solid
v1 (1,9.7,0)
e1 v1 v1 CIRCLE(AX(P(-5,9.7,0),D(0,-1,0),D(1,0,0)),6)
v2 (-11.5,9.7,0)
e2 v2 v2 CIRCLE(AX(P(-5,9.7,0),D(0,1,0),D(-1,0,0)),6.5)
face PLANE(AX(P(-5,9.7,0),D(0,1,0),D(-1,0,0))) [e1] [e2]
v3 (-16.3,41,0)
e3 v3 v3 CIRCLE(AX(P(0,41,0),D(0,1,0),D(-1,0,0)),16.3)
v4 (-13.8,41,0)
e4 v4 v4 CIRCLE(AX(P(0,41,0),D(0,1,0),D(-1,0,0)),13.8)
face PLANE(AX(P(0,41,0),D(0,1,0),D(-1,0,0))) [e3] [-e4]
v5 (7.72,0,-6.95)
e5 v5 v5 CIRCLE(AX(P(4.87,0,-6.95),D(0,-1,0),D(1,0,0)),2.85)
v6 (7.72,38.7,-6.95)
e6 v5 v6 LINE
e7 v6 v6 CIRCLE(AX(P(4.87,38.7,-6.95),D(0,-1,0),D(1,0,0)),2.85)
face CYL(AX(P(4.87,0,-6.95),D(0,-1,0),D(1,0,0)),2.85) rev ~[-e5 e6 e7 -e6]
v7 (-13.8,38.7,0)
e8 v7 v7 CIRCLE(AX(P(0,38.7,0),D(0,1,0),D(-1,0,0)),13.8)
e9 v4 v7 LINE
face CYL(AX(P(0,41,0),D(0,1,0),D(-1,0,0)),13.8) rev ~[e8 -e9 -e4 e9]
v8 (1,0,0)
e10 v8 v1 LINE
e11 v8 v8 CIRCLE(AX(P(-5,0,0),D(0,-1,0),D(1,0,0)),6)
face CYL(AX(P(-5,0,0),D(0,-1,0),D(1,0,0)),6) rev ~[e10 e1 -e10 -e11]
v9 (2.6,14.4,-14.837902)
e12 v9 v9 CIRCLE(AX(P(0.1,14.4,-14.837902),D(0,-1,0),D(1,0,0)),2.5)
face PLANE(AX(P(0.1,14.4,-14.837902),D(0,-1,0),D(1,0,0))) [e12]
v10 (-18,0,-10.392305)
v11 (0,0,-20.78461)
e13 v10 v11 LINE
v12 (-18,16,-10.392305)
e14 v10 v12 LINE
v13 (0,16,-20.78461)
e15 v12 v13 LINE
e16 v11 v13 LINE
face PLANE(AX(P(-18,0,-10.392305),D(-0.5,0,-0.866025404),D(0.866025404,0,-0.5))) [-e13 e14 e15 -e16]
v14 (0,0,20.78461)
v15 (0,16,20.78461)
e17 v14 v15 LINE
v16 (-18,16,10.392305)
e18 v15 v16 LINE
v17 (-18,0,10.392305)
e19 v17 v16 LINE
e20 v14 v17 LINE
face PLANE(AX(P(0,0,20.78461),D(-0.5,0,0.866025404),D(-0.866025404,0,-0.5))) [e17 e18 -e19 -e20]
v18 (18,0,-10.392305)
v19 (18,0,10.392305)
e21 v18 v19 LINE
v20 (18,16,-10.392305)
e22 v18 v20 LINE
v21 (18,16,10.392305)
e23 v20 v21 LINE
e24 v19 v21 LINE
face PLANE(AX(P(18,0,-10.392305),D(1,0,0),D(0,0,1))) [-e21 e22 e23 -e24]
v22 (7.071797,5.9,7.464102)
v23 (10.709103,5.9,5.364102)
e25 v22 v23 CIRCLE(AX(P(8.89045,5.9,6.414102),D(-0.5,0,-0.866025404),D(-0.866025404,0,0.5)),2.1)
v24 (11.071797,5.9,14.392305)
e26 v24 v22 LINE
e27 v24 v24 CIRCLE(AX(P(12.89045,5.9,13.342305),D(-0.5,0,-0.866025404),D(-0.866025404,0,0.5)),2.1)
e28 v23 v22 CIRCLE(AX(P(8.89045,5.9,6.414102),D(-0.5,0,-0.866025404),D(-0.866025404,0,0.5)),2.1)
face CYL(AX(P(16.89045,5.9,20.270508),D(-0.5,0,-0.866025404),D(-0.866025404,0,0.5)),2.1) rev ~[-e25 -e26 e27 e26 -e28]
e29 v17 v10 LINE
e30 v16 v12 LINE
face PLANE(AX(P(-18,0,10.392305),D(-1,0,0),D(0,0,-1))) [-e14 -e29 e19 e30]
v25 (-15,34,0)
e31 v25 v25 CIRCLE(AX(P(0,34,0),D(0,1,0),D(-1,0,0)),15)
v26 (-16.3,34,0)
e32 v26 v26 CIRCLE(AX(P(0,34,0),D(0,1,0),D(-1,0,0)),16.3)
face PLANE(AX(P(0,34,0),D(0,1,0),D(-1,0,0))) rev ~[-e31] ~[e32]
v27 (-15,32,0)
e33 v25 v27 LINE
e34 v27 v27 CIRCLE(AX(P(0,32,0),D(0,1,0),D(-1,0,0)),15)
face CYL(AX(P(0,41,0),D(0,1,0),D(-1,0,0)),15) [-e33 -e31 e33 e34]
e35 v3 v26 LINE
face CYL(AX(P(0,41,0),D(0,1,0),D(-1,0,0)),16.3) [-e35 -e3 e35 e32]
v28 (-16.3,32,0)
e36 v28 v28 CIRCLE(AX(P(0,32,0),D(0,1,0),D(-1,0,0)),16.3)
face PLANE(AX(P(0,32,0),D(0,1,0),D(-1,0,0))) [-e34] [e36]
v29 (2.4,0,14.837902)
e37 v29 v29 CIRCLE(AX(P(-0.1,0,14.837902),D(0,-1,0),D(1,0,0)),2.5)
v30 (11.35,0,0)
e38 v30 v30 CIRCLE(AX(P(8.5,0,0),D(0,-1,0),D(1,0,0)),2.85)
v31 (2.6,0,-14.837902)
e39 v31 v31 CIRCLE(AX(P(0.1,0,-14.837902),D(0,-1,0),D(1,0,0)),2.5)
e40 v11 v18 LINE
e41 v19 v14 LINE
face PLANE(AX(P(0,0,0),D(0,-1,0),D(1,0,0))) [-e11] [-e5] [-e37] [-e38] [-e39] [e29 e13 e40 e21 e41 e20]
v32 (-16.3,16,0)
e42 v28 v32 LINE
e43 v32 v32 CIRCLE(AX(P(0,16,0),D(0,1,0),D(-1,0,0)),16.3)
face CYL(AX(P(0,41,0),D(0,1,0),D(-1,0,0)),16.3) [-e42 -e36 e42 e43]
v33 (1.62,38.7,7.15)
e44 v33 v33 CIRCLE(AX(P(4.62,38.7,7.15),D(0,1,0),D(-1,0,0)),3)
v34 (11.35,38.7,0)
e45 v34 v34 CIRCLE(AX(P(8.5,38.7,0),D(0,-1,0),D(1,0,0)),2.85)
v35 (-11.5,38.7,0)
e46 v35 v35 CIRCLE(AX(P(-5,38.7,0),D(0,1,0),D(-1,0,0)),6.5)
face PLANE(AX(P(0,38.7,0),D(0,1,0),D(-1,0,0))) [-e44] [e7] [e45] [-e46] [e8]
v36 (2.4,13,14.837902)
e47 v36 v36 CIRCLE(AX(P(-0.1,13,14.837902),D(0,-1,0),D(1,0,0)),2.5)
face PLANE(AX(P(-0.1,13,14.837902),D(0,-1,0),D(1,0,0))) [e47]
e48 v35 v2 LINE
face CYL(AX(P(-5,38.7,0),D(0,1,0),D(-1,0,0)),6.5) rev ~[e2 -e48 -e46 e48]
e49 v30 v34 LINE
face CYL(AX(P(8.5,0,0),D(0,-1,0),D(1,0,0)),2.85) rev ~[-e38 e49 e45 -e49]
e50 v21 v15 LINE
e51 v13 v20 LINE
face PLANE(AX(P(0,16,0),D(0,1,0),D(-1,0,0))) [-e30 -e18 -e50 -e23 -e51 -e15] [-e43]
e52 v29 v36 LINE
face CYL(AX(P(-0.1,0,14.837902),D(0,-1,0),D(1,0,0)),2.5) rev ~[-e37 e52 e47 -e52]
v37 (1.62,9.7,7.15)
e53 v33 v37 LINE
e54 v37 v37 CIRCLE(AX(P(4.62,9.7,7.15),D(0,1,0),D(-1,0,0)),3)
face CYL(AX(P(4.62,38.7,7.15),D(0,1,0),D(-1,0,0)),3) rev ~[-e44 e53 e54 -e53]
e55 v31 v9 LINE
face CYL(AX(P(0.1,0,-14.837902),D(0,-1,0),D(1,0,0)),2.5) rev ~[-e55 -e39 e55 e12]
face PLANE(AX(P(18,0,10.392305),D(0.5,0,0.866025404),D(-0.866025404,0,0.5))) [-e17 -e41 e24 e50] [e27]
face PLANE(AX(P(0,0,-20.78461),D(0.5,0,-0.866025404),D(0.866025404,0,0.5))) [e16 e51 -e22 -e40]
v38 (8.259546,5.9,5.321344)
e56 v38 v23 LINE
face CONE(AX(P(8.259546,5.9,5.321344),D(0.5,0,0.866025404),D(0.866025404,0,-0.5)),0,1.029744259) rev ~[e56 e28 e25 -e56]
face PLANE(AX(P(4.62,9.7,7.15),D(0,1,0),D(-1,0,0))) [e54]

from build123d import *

# Parameters (mm, degrees)
F1_DEPTH  = 41
F2_R      = 24.4692351537
F2_R_2    = 16.3
F3_DEPTH  = 25
F4_R      = 21.9531203574
F4_R_2    = 15
F5_DEPTH  = 9
F6_R      = 16.3
F7_DEPTH  = 7
F8_R      = 2.85
F9_DEPTH  = 41.001
F10_R     = 13.8
F11_DEPTH = 2.3
F12_R     = 6
F13_DEPTH = 41.001
F14_R     = 6.5
F15_DEPTH = 29
F16_R     = 2.5
F17_DEPTH = 13
F18_R     = 2.5
F19_DEPTH = 14.4
F21_D     = 4.2
F21_DEPTH = 8
F21_TIP   = 1.2618073
F22_R     = 3
F23_DEPTH = 29


with BuildPart() as f1:
    # F0 (on Front) → F1 (new body)
    with BuildSketch(Plane.XZ):
        Polygon((-18, -10.3923048454), (0, -20.7846096908), (18, -10.3923048454), (18, 10.3923048454), (0, 20.7846096908), (-18, 10.3923048454), align=None)
    extrude(amount=-F1_DEPTH)

    # F2 (on face) → F3 (cut)
    with BuildSketch(Plane(origin=(0, 41, 0), x_dir=(-1, 0, 0), z_dir=(0, 1, 0))):
        Circle(F2_R)
        Circle(F2_R_2, mode=Mode.SUBTRACT)
    extrude(amount=-F3_DEPTH, mode=Mode.SUBTRACT)

    # F4 (on face) → F5 (cut)
    with BuildSketch(Plane(origin=(0, 41, 0), x_dir=(-1, 0, 0), z_dir=(0, 1, 0))):
        Circle(F4_R)
        Circle(F4_R_2, mode=Mode.SUBTRACT)
    extrude(amount=-F5_DEPTH, mode=Mode.SUBTRACT)

    # F6 (on face) → F7 (join)
    with BuildSketch(Plane(origin=(0, 41, 0), x_dir=(-1, 0, 0), z_dir=(0, 1, 0))):
        Circle(F6_R)
    extrude(amount=-F7_DEPTH)

    # F8 (on face) → F9 (cut, through all)
    with BuildSketch(Plane.XZ):
        with Locations((8.5, 0)):
            Circle(F8_R)
        with Locations((4.87, -6.95)):
            Circle(F8_R)
    extrude(amount=-F9_DEPTH, mode=Mode.SUBTRACT)

    # F10 (on face) → F11 (cut)
    with BuildSketch(Plane(origin=(0, 41, 0), x_dir=(-1, 0, 0), z_dir=(0, 1, 0))):
        Circle(F10_R)
    extrude(amount=-F11_DEPTH, mode=Mode.SUBTRACT)

    # F12 (on face) → F13 (cut, through all)
    with BuildSketch(Plane.XZ):
        with Locations((-5, 0)):
            Circle(F12_R)
    extrude(amount=-F13_DEPTH, mode=Mode.SUBTRACT)

    # F14 (on face) → F15 (cut)
    with BuildSketch(Plane(origin=(0, 38.7, 0), x_dir=(-1, 0, 0), z_dir=(0, 1, 0))):
        with Locations((5, 0)):
            Circle(F14_R)
    extrude(amount=-F15_DEPTH, mode=Mode.SUBTRACT)

    # F16 (on face) → F17 (cut)
    with BuildSketch(Plane.XZ):
        with Locations((-0.1, 14.8379019182)):
            Circle(F16_R)
    extrude(amount=-F17_DEPTH, mode=Mode.SUBTRACT)

    # F18 (on face) → F19 (cut)
    with BuildSketch(Plane.XZ):
        with Locations((0.1, -14.8379019182)):
            Circle(F18_R)
    extrude(amount=-F19_DEPTH, mode=Mode.SUBTRACT)

    # F21
    with Locations(Plane(origin=(9, 0, 15.5884572681), x_dir=(0.8660254038, 0, -0.5), z_dir=(0.5, 0, 0.8660254038))):
        with Locations((4.4923048454, 5.9)):
            Hole(F21_D / 2, depth=F21_DEPTH)
            with Locations((0, 0, -(F21_DEPTH + F21_TIP / 2))):  # 118° drill point
                Cone(0, F21_D / 2, F21_TIP, mode=Mode.SUBTRACT)

    # F22 (on face) → F23 (cut)
    with BuildSketch(Plane(origin=(0, 38.7, 0), x_dir=(-1, 0, 0), z_dir=(0, 1, 0))):
        with Locations((-4.62, 7.15)):
            Circle(F22_R)
    extrude(amount=-F23_DEPTH, mode=Mode.SUBTRACT)


solid = f1.part
